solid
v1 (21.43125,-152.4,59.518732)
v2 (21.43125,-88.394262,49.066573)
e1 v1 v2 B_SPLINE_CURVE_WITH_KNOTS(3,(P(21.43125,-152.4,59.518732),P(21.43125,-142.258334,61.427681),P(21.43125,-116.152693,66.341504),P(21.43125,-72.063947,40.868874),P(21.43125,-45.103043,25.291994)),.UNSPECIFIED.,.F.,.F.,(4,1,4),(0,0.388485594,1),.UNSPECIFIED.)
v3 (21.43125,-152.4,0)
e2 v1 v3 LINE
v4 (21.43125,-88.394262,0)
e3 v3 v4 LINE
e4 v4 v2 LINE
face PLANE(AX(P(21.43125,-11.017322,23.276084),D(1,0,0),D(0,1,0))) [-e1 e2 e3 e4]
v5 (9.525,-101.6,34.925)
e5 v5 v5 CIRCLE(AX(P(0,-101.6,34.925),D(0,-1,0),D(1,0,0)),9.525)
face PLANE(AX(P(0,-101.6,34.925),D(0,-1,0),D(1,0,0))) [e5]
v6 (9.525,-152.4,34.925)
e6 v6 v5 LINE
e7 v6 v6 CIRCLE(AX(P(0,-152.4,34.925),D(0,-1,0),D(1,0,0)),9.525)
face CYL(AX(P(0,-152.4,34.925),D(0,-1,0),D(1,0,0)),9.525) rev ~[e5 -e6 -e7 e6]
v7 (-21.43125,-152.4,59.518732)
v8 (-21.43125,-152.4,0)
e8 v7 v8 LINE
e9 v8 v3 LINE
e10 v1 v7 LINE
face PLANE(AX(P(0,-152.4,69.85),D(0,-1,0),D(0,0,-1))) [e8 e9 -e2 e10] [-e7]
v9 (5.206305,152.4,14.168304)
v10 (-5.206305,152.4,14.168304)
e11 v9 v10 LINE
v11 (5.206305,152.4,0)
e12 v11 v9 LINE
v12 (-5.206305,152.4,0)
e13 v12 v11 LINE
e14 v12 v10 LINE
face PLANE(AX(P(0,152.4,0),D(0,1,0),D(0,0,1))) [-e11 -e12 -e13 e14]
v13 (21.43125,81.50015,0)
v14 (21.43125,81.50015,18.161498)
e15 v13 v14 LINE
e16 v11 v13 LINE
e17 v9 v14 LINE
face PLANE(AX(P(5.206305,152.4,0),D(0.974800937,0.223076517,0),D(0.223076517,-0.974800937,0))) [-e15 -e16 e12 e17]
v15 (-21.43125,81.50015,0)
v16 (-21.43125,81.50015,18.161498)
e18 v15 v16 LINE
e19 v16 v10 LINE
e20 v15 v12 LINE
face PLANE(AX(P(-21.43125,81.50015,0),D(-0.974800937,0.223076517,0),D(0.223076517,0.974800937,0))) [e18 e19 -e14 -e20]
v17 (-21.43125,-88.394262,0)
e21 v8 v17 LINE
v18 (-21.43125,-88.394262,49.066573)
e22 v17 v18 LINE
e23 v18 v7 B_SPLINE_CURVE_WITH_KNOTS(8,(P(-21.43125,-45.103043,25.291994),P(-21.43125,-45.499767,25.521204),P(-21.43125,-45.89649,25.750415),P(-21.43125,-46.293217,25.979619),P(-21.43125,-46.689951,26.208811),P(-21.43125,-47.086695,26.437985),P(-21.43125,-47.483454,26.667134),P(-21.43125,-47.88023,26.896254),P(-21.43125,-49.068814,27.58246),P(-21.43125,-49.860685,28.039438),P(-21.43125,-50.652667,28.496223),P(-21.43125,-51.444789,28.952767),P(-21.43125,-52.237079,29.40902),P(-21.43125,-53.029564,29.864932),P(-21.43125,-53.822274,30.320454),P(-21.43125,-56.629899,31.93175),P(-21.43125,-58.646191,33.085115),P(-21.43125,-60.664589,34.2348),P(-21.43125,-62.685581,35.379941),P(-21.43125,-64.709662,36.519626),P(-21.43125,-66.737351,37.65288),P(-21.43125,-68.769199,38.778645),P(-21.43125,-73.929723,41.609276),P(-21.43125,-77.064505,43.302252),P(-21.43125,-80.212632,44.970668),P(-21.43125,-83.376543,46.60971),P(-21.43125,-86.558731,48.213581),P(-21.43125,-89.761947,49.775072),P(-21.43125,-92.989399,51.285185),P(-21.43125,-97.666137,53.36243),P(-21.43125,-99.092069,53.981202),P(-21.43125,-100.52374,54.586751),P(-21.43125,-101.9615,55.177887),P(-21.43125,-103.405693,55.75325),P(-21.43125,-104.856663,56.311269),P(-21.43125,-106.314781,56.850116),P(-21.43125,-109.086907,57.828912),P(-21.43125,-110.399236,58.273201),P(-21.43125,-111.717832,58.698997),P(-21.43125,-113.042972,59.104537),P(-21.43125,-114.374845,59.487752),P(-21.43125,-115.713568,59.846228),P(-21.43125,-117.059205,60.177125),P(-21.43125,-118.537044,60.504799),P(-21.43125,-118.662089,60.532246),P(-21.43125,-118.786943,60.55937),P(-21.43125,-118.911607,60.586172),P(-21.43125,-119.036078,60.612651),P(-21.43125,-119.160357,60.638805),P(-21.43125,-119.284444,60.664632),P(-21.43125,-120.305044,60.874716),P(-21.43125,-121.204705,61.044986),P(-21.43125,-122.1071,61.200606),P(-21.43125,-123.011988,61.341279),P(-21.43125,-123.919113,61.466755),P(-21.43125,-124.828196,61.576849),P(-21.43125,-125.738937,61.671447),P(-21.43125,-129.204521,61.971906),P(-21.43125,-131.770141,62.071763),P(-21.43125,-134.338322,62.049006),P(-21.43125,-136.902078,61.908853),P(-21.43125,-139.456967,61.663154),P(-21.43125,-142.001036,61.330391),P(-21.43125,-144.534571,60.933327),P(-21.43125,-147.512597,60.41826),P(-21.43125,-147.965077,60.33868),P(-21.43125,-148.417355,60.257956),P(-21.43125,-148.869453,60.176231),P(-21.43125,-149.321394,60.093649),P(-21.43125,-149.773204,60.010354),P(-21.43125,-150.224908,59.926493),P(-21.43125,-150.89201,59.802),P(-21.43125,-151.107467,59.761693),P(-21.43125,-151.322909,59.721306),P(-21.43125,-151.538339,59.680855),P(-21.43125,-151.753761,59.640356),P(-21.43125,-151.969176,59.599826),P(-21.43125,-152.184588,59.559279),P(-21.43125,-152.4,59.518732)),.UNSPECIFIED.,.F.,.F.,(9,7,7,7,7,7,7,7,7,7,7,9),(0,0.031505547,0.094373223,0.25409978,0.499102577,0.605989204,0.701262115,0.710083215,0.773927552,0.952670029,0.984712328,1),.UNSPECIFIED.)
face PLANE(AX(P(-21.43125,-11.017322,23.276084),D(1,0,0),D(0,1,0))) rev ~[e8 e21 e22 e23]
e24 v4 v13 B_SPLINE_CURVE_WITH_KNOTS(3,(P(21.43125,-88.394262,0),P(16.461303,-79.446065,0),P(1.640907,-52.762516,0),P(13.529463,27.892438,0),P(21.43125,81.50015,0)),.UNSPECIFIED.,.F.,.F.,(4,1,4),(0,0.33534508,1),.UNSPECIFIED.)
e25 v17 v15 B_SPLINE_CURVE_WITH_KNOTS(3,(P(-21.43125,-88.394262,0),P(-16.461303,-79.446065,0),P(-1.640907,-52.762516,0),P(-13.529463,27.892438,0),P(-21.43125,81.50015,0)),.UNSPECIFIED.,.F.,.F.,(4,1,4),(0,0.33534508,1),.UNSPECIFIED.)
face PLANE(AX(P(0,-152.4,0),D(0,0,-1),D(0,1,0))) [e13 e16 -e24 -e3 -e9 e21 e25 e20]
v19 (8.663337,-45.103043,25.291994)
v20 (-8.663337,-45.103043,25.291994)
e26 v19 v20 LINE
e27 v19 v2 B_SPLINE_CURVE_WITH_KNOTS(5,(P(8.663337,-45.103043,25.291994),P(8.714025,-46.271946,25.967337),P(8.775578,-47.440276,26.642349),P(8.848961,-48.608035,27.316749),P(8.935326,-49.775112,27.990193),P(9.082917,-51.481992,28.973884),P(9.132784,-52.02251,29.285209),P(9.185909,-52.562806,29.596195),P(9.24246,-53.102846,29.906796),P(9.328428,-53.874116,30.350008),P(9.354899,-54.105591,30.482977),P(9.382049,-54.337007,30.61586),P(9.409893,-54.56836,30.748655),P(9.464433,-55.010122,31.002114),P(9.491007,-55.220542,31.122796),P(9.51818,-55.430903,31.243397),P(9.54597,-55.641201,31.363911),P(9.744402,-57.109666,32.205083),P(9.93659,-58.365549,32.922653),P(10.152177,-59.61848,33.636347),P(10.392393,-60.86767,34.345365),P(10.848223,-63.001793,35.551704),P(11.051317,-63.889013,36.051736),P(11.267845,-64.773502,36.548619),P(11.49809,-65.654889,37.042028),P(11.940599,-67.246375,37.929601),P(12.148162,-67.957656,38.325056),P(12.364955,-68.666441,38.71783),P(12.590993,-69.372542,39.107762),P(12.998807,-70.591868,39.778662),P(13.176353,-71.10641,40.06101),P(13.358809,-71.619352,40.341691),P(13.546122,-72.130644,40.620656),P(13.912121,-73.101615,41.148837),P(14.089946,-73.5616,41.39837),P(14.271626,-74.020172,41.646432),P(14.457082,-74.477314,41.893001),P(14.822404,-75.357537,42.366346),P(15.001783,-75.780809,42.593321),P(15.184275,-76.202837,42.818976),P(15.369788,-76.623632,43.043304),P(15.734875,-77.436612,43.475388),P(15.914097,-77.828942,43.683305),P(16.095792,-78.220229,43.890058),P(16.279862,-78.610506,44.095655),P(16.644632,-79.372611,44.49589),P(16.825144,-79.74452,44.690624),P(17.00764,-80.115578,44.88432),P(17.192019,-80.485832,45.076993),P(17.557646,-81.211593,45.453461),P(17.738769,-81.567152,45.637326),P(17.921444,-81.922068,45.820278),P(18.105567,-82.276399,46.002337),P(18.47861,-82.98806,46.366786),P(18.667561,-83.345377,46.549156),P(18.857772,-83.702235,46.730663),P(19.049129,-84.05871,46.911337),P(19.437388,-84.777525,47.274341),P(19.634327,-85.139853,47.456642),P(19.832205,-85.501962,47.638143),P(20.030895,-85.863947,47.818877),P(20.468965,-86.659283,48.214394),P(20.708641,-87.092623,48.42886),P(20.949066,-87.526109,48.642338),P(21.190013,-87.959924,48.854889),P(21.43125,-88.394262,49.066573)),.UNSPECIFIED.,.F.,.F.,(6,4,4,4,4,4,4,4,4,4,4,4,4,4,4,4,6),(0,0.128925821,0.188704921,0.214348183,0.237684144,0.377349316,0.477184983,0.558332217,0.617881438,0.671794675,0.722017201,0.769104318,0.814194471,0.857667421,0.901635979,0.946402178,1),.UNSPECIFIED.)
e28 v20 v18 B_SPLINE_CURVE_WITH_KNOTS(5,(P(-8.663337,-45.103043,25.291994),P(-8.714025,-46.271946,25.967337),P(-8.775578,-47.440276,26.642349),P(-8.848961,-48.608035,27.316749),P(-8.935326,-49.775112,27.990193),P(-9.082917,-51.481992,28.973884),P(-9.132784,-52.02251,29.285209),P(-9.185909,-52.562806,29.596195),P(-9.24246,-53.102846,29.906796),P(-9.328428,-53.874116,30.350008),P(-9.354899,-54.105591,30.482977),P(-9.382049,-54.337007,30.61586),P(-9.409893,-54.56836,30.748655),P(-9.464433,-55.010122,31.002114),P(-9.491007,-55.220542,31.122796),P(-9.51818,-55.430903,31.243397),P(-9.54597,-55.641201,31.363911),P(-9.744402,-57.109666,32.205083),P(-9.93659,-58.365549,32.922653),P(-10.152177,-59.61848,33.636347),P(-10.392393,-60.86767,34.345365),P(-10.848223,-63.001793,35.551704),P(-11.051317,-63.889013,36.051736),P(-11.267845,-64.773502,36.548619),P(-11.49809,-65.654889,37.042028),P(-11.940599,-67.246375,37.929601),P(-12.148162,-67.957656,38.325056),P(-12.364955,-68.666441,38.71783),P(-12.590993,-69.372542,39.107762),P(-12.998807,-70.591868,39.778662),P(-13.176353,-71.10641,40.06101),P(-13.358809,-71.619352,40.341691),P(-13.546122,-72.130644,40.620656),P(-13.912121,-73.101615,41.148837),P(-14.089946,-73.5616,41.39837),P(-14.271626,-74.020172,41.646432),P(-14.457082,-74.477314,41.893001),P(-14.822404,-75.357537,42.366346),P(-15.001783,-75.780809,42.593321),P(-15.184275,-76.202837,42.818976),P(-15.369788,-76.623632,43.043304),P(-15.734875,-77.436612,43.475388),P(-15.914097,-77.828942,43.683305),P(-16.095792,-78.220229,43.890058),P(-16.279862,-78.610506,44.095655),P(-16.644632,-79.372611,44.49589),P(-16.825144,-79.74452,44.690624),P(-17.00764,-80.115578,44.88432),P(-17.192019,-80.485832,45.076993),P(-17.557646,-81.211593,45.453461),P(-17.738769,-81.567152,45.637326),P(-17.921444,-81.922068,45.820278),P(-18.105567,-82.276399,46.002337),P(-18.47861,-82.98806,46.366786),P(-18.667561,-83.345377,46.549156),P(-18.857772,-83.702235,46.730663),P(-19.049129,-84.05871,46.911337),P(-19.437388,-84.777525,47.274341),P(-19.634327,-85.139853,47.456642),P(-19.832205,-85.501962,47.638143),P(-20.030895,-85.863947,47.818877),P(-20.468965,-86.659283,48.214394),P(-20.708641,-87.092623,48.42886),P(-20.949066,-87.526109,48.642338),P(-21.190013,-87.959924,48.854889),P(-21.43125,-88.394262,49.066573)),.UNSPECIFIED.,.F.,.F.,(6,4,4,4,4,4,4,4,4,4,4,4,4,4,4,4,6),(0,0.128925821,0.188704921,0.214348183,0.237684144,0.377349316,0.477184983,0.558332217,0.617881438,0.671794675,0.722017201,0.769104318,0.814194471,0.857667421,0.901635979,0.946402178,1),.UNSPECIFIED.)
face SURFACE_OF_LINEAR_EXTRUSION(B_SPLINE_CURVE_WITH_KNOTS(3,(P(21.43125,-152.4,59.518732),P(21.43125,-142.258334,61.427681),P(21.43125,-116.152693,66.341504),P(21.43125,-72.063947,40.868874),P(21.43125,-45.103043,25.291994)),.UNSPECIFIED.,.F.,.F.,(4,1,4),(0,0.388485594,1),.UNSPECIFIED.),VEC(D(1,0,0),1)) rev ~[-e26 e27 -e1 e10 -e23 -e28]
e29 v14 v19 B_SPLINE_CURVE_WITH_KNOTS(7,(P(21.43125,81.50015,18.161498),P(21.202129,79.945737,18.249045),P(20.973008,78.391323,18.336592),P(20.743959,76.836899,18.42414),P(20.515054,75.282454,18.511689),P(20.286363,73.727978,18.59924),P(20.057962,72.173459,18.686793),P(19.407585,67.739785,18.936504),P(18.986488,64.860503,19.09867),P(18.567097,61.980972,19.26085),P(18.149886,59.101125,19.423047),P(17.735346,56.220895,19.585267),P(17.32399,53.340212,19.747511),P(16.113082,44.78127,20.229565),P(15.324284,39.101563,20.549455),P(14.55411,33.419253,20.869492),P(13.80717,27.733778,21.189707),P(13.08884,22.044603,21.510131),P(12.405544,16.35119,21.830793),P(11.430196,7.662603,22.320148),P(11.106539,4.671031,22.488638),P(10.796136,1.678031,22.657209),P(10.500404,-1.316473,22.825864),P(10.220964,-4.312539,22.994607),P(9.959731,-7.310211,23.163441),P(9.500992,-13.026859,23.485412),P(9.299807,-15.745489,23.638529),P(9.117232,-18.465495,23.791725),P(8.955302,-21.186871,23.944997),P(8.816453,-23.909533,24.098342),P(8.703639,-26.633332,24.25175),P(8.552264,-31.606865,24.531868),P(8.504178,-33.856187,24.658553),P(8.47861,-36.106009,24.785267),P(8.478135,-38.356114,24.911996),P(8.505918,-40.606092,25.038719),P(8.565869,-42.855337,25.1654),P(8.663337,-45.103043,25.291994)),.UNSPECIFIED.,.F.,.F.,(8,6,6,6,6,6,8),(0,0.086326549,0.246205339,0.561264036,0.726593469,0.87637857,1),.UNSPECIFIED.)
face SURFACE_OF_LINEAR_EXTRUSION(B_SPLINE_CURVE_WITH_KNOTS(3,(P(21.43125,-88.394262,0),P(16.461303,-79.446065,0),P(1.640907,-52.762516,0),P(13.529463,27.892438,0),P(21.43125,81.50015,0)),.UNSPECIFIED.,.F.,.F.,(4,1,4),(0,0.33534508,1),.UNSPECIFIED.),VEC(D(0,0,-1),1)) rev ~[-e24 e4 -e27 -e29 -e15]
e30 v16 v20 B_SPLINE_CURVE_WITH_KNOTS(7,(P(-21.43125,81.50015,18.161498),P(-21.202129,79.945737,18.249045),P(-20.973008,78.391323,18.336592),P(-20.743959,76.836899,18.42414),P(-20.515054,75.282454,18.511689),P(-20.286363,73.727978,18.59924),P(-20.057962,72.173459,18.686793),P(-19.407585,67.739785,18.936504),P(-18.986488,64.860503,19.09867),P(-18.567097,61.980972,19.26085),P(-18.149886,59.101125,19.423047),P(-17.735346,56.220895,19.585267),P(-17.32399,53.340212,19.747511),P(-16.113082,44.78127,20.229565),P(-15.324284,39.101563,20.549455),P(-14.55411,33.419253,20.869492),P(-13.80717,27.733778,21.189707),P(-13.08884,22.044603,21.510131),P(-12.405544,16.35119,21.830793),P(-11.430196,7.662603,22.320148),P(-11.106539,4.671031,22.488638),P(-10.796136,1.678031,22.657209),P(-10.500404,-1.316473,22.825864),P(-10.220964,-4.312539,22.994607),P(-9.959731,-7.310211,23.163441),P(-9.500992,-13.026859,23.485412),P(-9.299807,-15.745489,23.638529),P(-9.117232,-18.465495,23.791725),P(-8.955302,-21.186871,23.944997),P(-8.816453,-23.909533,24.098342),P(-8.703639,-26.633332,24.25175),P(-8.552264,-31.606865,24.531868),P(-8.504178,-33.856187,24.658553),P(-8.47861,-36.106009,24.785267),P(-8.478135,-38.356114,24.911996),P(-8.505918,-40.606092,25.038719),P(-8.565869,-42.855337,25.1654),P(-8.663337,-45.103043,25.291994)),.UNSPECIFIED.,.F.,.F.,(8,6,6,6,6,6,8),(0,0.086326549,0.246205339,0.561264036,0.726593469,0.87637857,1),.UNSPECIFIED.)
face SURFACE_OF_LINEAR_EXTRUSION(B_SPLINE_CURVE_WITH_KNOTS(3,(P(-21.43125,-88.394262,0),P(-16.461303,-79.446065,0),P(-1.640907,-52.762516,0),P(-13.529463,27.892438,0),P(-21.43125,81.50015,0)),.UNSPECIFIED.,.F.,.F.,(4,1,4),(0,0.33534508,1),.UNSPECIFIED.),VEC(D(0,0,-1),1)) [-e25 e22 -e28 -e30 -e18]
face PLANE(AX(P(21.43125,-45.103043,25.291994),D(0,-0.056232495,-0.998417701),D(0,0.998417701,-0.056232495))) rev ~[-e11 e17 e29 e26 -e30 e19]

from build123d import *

# Parameters (mm, degrees)
F1_DEPTH = 21.43125
F2_R     = 9.525
F3_DEPTH = 50.8
F6_DEPTH = 42.8635
F7_DEPTH = 61.9829719698


with BuildPart() as f1:
    # F0 (on Right) → F1 (new body, symmetric)
    with BuildSketch(Plane.YZ):
        Polygon((-152.4, 69.85), (-152.4, 0), (152.4, 0), (152.4, 19.05), align=None)
    extrude(amount=F1_DEPTH, both=True)

    # F2 (on face) → F3 (cut)
    with BuildSketch(Plane.XZ.offset(152.4)):
        with Locations((0, 34.925)):
            Circle(F2_R)
    extrude(amount=-F3_DEPTH, mode=Mode.SUBTRACT)

    # F4 (on face) → F6 (cut, through all)
    with BuildSketch(Plane.YZ.offset(21.43125)):
        with BuildLine():
            Line((-152.4, 69.85), (-152.4, 59.5187321305))
            add(Edge.make_bspline(
                [(-152.4, 59.5187321305), (-142.2583344868, 61.4276814743), (-116.1526932903, 66.3415042155), (-72.0639469007, 40.8688743493), (-45.1030433178, 25.2919942141)],
                knots=[0, 0, 0, 0, 0.3884855935, 1, 1, 1, 1], degree=3))
            Line((-45.1030433178, 25.2919942141), (152.4, 14.1683043912))
            Line((152.4, 14.1683043912), (152.4, 19.05))
            Line((152.4, 19.05), (-152.4, 69.85))
        make_face()
    extrude(amount=-F6_DEPTH, mode=Mode.SUBTRACT)

    # F5 (on face) → F7 (intersect, through all)
    with BuildSketch(Plane(origin=(0, 0, 0), x_dir=(1, 0, 0), z_dir=(0, 0, -1))):
        with BuildLine():
            Line((-21.43125, 152.4), (-21.43125, 88.3942618966))
            add(Edge.make_bspline(
                [(-21.43125, 88.3942618966), (-16.4613031807, 79.4460650051), (-1.6409073495, 52.762515919), (-13.5294629941, -27.8924381707), (-21.43125, -81.5001502633)],
                knots=[0, 0, 0, 0, 0.3353450796, 1, 1, 1, 1], degree=3))
            Line((-21.43125, -81.5001502633), (-5.206305068, -152.4))
            Line((-5.206305068, -152.4), (5.206305068, -152.4))
            Line((5.206305068, -152.4), (21.43125, -81.5001502633))
            add(Edge.make_bspline(
                [(21.43125, 88.3942618966), (16.4613031807, 79.4460650051), (1.6409073495, 52.762515919), (13.5294629941, -27.8924381707), (21.43125, -81.5001502633)],
                knots=[0, 0, 0, 0, 0.3353450796, 1, 1, 1, 1], degree=3))
            Line((21.43125, 88.3942618966), (21.43125, 152.4))
            Line((21.43125, 152.4), (-21.43125, 152.4))
        make_face()
    extrude(amount=-F7_DEPTH, mode=Mode.INTERSECT)


solid = f1.part
